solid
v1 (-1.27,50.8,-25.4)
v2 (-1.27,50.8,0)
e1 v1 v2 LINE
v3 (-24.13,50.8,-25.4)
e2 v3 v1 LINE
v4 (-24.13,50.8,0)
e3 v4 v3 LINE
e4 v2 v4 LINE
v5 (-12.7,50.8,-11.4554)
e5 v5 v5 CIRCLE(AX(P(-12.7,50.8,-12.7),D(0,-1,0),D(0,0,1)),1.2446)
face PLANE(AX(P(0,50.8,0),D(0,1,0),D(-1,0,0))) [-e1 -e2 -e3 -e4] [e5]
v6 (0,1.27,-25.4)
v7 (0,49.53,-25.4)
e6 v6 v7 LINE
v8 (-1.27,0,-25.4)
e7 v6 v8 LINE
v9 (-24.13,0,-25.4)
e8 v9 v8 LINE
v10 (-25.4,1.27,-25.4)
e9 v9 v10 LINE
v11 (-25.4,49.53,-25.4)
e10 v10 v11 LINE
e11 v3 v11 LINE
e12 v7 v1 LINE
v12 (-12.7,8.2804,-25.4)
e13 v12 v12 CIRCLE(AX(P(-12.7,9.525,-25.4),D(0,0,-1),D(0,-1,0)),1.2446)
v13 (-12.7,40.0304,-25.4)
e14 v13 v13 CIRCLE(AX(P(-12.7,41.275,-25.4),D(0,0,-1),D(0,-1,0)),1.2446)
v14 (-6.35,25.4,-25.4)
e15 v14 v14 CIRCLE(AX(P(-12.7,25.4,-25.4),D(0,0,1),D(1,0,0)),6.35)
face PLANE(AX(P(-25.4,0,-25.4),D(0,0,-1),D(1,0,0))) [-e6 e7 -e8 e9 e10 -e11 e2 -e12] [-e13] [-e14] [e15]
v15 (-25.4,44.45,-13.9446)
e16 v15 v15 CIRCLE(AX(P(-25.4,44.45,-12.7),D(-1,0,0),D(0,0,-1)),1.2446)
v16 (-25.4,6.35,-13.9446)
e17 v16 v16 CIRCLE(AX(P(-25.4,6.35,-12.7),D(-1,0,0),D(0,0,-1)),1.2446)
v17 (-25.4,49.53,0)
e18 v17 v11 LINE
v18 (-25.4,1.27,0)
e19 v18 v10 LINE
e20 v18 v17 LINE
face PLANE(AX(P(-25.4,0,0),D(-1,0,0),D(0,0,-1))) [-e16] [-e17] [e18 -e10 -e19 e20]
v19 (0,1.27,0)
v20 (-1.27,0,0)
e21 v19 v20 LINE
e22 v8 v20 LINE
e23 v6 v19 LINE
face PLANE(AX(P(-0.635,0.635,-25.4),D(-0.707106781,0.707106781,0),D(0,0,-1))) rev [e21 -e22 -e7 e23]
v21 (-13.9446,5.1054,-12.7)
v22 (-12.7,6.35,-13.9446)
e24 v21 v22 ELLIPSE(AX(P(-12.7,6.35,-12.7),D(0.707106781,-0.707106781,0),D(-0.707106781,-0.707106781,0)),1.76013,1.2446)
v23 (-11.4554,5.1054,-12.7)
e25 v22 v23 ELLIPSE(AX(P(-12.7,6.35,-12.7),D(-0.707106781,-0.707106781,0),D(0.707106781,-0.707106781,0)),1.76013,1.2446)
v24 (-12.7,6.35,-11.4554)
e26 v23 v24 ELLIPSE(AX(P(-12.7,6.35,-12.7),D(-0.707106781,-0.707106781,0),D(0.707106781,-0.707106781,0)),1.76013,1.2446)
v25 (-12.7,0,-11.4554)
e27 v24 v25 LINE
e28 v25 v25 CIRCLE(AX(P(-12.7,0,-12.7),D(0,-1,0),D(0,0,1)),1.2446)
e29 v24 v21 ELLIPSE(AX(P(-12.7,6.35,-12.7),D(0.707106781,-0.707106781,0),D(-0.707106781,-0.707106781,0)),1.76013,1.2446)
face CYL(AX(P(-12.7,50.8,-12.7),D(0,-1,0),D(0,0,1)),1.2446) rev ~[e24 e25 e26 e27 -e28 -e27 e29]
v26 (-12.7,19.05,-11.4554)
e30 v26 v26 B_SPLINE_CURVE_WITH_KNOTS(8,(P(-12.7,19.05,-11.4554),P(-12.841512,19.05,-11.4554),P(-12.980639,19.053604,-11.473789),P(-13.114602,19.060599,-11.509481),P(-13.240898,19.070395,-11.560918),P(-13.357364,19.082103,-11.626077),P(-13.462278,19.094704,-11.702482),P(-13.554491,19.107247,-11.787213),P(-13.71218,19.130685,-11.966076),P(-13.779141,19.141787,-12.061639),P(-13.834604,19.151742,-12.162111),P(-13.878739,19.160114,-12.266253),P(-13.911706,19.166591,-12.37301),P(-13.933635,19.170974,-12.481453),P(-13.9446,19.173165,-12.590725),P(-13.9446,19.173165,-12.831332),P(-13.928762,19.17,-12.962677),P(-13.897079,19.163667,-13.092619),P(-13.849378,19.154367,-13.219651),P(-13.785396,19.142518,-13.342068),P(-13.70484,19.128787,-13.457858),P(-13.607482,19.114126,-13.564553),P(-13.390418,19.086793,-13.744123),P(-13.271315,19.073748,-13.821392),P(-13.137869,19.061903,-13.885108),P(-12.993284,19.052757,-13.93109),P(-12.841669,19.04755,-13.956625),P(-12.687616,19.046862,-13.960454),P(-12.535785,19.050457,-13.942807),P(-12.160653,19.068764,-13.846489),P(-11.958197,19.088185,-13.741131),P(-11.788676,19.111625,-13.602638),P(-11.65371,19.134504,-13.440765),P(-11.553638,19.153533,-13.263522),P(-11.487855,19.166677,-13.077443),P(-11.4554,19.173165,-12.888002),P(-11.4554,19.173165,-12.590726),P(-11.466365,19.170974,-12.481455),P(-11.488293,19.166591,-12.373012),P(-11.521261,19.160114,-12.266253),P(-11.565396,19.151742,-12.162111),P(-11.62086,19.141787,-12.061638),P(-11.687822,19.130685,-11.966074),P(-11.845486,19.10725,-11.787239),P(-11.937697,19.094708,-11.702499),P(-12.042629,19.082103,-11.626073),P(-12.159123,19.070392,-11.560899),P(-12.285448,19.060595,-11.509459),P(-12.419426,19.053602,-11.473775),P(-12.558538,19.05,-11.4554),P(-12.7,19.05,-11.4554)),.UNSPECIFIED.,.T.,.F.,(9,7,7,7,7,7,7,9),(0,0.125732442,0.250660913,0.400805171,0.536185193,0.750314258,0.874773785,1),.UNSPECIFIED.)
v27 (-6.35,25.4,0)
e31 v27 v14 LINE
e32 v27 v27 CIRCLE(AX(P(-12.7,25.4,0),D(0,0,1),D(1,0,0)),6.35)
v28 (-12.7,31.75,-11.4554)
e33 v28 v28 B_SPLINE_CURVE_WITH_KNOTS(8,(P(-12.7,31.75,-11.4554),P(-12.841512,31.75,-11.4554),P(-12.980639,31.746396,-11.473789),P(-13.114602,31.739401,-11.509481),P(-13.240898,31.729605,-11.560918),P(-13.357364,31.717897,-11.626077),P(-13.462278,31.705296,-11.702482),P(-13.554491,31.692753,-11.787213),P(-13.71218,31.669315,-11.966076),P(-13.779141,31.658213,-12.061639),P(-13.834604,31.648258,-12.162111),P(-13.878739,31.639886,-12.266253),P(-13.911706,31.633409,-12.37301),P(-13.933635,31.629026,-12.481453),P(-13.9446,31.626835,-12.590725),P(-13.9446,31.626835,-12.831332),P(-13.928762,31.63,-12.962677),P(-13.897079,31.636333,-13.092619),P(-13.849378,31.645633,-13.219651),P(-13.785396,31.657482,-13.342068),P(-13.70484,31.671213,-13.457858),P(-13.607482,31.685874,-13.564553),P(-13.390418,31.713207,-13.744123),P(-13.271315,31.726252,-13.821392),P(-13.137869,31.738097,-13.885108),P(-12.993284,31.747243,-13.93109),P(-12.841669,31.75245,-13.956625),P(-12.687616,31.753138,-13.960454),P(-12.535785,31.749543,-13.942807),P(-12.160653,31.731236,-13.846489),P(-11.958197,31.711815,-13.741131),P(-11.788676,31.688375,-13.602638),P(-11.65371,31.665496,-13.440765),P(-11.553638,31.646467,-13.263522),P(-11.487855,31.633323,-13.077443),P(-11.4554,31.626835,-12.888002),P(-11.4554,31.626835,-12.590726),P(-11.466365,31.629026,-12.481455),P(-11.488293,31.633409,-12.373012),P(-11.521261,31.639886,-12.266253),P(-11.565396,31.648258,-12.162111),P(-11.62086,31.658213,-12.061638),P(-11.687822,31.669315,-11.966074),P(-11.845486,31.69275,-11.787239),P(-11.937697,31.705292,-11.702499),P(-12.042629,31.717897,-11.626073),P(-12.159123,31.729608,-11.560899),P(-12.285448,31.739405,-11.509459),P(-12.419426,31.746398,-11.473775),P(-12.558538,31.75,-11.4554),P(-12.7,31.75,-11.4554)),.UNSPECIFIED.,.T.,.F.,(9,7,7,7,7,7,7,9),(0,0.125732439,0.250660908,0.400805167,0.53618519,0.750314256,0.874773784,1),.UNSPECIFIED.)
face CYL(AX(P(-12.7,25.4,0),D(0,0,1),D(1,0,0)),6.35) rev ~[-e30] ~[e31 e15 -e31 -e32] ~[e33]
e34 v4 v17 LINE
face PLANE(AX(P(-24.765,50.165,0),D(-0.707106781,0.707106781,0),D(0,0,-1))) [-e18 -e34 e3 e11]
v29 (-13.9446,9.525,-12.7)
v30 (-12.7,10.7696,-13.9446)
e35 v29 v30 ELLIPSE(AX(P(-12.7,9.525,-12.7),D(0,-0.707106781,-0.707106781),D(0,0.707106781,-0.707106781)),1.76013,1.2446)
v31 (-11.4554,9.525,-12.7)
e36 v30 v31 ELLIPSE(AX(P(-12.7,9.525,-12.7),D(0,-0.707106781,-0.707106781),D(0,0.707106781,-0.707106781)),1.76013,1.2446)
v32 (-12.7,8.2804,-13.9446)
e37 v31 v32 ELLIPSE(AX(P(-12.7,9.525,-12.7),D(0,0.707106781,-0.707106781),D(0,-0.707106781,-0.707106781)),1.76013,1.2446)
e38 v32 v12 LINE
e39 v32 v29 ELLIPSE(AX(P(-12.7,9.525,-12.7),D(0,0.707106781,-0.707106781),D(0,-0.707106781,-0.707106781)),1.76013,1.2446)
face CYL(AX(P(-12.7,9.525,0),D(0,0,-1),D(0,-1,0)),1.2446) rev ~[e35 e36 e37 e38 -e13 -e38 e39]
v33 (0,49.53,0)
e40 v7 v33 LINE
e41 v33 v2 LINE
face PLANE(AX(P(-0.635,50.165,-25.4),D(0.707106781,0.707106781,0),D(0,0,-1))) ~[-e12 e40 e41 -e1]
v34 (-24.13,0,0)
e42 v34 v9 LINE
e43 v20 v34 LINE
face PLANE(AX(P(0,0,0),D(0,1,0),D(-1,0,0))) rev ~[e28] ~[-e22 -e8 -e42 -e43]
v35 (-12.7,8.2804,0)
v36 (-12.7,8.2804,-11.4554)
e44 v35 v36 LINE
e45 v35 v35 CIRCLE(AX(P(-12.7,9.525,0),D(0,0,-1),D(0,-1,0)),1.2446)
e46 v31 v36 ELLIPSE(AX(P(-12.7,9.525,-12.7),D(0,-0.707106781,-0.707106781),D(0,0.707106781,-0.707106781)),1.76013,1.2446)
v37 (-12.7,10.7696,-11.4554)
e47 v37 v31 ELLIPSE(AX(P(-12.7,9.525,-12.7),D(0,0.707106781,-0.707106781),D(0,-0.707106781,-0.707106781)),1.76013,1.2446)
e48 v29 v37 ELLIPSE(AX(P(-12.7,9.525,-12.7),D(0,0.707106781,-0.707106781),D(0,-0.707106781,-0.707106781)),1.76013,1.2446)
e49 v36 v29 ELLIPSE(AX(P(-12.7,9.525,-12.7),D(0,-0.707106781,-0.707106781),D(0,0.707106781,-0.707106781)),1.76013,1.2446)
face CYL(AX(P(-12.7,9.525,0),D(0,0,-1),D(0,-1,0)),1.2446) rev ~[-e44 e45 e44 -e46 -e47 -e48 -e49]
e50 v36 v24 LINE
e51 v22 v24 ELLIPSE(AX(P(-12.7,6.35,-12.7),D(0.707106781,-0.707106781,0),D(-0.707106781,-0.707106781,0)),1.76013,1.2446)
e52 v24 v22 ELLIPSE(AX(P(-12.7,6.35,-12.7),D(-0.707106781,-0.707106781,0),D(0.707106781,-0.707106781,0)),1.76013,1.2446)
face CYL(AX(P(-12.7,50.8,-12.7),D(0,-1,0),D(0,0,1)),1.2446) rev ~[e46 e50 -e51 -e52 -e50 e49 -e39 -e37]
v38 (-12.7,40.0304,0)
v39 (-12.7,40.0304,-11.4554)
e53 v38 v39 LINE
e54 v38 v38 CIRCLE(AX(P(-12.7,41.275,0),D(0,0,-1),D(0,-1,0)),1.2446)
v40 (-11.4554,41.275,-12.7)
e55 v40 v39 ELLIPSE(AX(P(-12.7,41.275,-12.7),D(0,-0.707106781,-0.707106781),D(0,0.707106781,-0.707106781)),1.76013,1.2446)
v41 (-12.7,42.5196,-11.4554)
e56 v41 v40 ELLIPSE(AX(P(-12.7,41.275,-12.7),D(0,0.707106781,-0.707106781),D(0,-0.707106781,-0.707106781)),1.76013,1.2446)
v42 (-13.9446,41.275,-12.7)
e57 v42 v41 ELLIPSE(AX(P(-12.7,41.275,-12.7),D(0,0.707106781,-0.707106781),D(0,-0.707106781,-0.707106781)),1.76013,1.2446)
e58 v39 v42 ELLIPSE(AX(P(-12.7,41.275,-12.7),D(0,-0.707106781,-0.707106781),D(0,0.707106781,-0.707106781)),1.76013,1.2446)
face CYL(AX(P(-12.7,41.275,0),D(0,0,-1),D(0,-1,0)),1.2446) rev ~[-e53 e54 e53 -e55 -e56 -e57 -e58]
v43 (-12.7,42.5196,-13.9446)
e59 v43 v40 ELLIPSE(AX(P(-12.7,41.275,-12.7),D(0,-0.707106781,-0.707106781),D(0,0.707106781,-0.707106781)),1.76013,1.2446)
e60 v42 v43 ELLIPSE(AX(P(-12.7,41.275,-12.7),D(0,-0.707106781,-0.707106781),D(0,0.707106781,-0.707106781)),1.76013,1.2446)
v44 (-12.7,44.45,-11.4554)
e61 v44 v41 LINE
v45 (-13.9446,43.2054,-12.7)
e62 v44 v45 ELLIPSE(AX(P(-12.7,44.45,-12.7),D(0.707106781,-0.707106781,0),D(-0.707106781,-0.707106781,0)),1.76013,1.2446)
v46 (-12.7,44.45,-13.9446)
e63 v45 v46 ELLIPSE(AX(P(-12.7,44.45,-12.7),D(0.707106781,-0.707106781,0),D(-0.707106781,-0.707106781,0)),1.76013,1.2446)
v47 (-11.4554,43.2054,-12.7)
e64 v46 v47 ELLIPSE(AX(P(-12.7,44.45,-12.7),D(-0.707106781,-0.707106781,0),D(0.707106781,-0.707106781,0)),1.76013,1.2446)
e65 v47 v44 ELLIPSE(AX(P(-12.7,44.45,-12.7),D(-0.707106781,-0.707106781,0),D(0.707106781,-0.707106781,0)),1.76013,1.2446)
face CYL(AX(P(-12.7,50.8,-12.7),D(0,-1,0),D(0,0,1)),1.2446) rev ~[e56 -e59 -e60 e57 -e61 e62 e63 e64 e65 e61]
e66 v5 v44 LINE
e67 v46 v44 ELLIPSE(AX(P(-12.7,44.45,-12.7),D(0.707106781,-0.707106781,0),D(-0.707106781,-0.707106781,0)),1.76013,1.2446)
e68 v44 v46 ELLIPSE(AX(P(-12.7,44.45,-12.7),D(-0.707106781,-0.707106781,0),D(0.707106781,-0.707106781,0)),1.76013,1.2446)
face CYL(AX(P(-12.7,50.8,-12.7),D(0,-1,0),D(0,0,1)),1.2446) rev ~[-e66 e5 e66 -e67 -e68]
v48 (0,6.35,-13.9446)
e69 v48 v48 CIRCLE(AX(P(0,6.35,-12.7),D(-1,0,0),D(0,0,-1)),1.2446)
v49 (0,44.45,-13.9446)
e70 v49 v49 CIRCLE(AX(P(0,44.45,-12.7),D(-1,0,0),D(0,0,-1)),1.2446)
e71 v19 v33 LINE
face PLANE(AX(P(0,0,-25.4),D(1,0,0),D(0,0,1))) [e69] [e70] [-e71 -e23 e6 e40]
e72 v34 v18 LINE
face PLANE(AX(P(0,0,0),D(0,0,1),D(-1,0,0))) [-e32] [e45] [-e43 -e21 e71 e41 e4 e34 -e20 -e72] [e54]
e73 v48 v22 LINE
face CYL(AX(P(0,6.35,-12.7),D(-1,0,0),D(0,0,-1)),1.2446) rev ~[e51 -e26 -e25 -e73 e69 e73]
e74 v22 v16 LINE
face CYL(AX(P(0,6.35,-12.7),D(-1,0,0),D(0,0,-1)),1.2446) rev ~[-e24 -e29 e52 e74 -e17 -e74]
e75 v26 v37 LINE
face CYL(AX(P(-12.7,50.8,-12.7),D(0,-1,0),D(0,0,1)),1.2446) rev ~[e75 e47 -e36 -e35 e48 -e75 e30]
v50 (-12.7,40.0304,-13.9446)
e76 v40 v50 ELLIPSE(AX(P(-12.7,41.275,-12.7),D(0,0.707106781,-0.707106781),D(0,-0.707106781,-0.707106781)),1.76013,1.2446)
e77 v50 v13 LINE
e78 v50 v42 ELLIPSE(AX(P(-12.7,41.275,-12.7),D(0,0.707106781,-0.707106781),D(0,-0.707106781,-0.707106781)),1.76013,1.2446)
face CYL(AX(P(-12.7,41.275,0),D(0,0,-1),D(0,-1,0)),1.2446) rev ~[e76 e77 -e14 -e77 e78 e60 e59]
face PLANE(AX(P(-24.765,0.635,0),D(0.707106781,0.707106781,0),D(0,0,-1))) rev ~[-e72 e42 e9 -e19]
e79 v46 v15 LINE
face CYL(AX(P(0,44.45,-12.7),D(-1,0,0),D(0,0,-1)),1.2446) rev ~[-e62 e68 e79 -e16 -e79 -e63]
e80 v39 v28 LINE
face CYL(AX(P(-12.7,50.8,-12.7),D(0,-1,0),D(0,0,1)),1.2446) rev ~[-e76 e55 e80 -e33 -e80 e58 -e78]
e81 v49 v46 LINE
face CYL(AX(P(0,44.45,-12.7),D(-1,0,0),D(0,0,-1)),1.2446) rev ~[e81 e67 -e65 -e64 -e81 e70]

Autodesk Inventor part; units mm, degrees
ref_plane "YZ Plane" through (0, 0, 0) normal (1, 0, 0) x (0, 1, 0)
ref_plane "XZ Plane" through (0, 0, 0) normal (0, 1, 0) x (-1, 0, 0)
ref_plane "XY Plane" through (0, 0, 0) normal (0, 0, 1) x (1, 0, 0)
sketch "Sketch1" plane through (0, 0, 0) normal (0, 1, 0) x (-1, 0, 0)
  line L0 (0, 0) -> (25.4, 0)
  line L1 (25.4, 0) -> (25.4, -25.4)
  line L2 (25.4, -25.4) -> (0, -25.4)
  line L3 (0, -25.4) -> (0, 0)
  dimension "d0" = 25.4
  dimension "d1" = 25.4
extrude "Extrusion1" add sketch "Sketch1" along normal blind 50.8
sketch "Sketch2" plane through (-25.4, 0, 0) normal (0, 0, 1) x (1, 0, 0)
  circle A0 centre (12.7, 25.4) radius 6.35
  line L0 (25.4, 0) -> (25.4, 50.8) projected
  line L1 (0, 50.8) -> (25.4, 50.8) projected
  line L2 (25.4, 0) -> (0, 0) projected
  point P0 (12.7, 41.275)
  point P1 (12.7, 9.525)
  dimension "d4" = 12.7
  dimension "d5" = 12.7
  dimension "d6" = 25.4
  dimension "d7" = 9.525
  dimension "d8" = 9.525
hole "Hole1" at (-12.7, 41.275, 0) at (-12.7, 9.525, 0) direction (0, 0, -1) diameter 2.4892 end through all
sketch "Sketch3" plane through (-25.4, 0, 0) normal (0, 0, 1) x (1, 0, 0)
  circle A0 centre (12.7, 25.4) radius 6.35
  line L0 (0, 50.8) -> (25.4, 50.8) projected
  line L1 (0, 0) -> (0, 50.8) projected
  point P0 (25.4, 0)
  dimension "d16" = 12.7
  dimension "d17" = 25.4
  dimension "d18" = 12.7
extrude "Extrusion2" cut sketch "Sketch3" against normal through all
sketch "Sketch4" plane through (0, 50.8, 0) normal (0, 1, 0) x (1, 0, 0)
  line L0 (0, 0) -> (0, 25.4) projected
  line L1 (0, 25.4) -> (-25.4, 25.4) projected
  point P0 (-12.7, 12.7)
  dimension "d21" = 12.7
  dimension "d22" = 12.7
hole "Hole2" at (-12.7, 50.8, -12.7) direction (0, -1, 0) diameter 2.4892 end through all
sketch "Sketch5" plane through (0, 0, 0) normal (1, 0, 0) x (0, 0, -1)
  line L0 (25.4, 0) -> (25.4, 50.8) projected
  line L1 (25.4, 0) -> (0, 0) projected
  line L2 (0, 50.8) -> (25.4, 50.8) projected
  point P0 (12.7, 44.45)
  point P1 (12.7, 6.35)
  dimension "d30" = 12.7
  dimension "d31" = 12.7
  dimension "d32" = 6.35
  dimension "d33" = 6.35
hole "Hole3" at (0, 44.45, -12.7) at (0, 6.35, -12.7) direction (-1, 0, 0) diameter 2.4892 end through all
chamfer "Chamfer1" distance 1.27 angle 45 4 edges at (0, 50.8, -12.7) (-25.4, 50.8, -12.7) (0, 0, -12.7) (-25.4, 0, -12.7)
properties part number "chain and tube block"
